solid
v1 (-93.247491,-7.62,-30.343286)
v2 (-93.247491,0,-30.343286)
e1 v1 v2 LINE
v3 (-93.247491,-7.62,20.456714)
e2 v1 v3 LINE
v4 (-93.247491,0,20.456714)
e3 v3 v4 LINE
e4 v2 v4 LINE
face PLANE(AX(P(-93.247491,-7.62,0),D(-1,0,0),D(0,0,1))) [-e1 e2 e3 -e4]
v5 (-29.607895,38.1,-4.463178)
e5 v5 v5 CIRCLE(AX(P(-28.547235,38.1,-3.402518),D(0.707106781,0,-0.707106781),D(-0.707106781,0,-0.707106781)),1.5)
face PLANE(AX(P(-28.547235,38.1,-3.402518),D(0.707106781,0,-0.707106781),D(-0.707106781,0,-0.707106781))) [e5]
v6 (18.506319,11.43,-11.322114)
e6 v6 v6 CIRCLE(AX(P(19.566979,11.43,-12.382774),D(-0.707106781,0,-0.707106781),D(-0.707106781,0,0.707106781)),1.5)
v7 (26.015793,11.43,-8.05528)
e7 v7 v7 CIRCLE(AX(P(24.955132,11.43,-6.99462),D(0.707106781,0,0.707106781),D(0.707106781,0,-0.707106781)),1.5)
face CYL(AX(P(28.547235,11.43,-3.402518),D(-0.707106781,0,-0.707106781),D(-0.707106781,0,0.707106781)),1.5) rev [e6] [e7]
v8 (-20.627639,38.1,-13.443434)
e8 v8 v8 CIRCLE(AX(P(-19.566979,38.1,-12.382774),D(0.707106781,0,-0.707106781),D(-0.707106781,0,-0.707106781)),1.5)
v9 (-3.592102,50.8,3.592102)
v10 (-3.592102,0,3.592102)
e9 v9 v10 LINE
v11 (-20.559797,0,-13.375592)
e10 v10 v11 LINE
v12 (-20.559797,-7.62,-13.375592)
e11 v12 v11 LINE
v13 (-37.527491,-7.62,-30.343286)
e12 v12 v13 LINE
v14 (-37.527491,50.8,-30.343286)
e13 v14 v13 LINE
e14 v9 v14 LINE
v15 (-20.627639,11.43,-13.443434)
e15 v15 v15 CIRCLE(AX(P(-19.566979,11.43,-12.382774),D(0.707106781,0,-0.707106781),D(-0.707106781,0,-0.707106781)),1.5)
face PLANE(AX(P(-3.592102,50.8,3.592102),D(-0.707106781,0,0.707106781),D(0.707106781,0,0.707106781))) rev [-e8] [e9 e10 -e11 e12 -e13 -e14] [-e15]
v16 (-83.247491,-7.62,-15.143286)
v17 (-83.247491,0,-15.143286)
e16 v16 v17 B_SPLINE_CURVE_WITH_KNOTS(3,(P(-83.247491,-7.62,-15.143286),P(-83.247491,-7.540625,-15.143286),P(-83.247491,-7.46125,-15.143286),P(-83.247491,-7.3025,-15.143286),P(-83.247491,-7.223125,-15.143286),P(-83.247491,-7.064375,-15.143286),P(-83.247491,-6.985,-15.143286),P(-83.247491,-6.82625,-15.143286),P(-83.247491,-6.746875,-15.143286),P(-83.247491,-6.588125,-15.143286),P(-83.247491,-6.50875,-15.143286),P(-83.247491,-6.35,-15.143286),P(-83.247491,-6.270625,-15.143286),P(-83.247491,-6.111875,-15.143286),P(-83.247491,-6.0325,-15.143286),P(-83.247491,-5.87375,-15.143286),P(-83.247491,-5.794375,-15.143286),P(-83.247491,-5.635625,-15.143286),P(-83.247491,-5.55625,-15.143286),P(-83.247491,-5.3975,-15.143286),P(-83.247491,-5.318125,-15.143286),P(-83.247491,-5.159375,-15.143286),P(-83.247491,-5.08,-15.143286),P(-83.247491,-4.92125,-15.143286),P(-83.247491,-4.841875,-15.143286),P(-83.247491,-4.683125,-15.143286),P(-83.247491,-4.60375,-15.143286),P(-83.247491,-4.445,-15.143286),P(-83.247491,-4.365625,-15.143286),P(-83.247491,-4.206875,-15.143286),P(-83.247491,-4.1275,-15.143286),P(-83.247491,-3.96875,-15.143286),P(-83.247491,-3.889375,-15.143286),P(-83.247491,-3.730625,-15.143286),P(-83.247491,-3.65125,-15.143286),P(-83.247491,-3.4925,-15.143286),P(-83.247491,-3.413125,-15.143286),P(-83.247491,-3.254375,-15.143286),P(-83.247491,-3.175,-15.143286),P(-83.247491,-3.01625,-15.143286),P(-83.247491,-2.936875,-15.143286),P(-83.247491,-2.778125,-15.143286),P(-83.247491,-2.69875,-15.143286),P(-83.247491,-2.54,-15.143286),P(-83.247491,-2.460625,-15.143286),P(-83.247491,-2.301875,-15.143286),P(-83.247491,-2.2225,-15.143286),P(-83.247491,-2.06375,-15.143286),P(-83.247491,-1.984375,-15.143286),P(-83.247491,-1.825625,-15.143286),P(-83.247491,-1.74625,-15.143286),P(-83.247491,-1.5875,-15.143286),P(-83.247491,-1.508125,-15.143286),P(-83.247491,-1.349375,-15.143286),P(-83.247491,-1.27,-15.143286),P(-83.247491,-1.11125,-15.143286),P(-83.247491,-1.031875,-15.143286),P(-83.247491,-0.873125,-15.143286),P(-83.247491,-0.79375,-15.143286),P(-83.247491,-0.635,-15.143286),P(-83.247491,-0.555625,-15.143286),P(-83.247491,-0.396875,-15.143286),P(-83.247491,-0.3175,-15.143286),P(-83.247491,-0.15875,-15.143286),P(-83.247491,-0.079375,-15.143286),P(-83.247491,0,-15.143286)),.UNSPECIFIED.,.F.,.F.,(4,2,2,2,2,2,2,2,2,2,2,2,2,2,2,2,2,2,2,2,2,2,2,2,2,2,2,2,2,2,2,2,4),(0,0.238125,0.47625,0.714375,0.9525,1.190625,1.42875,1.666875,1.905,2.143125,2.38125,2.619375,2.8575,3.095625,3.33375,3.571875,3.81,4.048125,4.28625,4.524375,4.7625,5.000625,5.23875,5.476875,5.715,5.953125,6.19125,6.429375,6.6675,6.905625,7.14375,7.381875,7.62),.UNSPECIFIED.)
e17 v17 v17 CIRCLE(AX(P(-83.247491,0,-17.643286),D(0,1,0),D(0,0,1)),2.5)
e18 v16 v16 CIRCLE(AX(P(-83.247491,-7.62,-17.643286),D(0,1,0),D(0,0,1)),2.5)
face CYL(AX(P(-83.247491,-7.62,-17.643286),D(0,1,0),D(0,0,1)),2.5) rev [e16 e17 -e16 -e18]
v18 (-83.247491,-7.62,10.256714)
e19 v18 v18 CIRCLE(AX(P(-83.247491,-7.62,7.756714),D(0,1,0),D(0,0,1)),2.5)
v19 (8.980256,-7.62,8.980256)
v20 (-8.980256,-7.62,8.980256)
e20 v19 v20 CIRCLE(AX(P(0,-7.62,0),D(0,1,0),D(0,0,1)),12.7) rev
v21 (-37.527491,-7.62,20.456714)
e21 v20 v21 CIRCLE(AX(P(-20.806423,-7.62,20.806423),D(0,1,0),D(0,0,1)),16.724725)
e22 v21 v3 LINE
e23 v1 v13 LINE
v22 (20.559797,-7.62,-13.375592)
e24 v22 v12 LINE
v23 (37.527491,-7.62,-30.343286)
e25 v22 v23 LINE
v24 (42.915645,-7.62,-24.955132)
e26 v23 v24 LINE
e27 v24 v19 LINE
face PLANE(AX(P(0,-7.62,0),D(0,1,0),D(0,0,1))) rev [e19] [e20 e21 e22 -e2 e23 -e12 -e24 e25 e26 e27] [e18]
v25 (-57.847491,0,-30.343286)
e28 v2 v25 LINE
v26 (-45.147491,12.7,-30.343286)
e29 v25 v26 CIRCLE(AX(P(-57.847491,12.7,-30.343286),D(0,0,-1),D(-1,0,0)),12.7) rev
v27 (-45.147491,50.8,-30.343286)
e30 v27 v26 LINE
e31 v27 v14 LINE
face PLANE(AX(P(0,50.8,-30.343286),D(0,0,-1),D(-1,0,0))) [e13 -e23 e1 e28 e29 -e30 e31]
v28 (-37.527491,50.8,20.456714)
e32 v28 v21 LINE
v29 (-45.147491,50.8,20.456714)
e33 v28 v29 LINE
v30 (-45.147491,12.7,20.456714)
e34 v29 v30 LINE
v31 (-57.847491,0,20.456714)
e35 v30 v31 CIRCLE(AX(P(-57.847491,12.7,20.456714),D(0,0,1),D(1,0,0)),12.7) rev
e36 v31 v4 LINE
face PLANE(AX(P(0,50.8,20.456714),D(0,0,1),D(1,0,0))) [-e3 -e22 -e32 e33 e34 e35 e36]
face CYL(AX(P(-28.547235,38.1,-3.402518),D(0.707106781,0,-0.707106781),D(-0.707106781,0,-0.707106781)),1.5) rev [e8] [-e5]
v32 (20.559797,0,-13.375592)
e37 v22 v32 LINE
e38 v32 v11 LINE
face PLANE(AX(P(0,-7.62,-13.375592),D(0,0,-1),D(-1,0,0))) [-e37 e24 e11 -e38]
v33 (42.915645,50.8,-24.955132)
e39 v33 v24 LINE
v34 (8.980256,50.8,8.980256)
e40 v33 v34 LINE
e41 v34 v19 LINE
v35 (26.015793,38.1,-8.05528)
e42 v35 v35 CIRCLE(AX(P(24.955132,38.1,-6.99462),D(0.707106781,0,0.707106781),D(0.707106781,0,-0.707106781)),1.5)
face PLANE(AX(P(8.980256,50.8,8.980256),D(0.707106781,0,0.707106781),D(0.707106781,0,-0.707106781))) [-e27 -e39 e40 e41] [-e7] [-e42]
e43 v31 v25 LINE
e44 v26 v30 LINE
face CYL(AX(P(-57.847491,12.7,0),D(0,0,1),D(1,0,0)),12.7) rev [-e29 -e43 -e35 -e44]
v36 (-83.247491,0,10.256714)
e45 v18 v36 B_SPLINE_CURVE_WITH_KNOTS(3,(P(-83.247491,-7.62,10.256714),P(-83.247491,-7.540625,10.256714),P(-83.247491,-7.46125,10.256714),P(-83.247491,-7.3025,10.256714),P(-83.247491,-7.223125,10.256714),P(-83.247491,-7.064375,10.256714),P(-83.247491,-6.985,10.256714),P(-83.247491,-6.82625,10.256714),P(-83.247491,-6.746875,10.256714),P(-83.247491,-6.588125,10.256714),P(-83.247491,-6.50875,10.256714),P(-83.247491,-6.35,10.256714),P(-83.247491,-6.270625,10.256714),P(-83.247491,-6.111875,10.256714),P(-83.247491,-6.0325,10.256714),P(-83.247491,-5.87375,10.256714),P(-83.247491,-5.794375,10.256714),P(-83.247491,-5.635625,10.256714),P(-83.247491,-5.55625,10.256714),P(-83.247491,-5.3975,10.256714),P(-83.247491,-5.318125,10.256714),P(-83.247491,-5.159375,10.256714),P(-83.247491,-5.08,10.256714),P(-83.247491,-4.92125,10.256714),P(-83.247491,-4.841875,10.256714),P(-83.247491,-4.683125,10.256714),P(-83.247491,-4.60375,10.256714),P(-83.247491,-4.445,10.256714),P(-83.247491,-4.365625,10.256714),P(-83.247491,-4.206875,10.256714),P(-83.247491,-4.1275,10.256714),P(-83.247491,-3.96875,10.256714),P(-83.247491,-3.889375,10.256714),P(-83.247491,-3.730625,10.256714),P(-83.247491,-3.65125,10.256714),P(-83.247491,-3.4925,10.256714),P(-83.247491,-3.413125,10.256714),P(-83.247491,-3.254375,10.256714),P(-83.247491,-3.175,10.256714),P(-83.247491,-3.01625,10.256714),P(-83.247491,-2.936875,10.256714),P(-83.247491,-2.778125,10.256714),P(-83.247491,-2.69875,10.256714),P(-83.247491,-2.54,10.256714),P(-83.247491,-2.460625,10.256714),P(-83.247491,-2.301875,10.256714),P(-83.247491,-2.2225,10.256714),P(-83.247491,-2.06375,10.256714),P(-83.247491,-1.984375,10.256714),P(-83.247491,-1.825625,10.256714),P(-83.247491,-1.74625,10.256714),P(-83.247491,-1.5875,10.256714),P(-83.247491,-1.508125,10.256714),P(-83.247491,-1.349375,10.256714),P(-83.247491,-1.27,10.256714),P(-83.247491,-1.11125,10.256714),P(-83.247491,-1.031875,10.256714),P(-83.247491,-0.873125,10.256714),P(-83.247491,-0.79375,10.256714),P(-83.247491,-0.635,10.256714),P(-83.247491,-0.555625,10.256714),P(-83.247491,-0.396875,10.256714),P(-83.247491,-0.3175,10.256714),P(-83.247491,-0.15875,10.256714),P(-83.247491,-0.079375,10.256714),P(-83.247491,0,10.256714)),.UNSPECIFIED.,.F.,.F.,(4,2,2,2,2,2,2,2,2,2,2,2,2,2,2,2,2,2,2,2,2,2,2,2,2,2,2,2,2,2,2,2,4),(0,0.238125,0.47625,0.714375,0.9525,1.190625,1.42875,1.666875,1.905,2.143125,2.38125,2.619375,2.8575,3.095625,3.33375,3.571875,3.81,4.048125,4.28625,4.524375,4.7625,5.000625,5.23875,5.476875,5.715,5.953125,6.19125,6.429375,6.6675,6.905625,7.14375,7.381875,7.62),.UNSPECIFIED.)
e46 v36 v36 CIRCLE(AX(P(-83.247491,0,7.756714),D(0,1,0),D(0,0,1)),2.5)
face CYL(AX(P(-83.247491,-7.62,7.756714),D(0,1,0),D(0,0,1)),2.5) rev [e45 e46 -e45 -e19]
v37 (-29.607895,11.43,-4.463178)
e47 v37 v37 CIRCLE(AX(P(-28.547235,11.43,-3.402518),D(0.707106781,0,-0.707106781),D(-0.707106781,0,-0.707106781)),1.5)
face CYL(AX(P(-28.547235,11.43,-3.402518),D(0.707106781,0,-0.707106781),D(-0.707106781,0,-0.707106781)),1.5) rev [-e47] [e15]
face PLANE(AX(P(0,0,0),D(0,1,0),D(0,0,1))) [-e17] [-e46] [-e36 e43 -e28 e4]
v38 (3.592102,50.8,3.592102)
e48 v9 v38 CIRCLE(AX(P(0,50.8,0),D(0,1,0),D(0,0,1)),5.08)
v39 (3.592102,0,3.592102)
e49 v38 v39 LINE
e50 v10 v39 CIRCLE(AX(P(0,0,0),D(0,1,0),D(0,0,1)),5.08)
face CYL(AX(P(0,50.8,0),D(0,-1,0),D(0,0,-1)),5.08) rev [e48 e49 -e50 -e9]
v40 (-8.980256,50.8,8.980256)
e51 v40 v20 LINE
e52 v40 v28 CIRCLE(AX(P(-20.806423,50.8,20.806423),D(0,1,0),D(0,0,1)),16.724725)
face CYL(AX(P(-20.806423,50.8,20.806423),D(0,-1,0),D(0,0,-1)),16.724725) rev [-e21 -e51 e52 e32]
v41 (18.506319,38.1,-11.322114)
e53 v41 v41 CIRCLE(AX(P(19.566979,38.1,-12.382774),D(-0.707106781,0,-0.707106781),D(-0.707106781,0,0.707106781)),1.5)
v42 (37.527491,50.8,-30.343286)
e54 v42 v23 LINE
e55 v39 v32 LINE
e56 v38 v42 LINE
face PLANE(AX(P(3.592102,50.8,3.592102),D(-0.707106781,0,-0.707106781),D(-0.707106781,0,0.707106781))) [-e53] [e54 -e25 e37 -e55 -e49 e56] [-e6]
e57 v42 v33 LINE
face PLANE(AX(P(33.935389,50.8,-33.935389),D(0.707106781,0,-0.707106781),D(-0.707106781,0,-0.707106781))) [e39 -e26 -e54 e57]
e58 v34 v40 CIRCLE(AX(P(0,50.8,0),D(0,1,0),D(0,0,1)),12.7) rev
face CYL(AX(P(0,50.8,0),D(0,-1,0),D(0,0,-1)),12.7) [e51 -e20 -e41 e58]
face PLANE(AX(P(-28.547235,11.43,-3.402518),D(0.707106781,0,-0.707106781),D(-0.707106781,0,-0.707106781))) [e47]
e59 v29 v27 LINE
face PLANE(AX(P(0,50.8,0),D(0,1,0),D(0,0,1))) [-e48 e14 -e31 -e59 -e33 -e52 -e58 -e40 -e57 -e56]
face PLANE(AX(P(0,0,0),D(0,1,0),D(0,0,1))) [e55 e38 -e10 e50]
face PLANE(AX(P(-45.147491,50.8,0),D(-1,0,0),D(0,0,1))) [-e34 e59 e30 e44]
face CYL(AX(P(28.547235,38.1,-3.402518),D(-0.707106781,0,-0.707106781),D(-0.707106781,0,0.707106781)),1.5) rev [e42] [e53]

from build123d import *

# Parameters (mm, degrees)
BOSS_EXTRUDE1_DEPTH = 50.8
BOSS_EXTRUDE2_START = -7.62
SKETCH1_3_R         = 2.5
BOSS_EXTRUDE2_DEPTH = 7.62
SKETCH2_R           = 1.5
CUT_EXTRUDE1_DEPTH  = 12.7
SKETCH3_R           = 1.5
CUT_EXTRUDE2_DEPTH  = 12.7
FILLET1_R           = 12.7


with BuildPart() as part:
    # Sketch1 → Boss-Extrude1 (new body)
    with BuildSketch(Plane(origin=(0, 0, 0), x_dir=(1, 0, 0), z_dir=(0, 1, 0))):
        with BuildLine():
            Line((20.559796753, 13.375591856), (3.592102448, -3.592102448))
            ThreePointArc((3.592102448, -3.592102448), (0, -5.08), (-3.592102448, -3.592102448))
            Line((-3.592102448, -3.592102448), (-20.559796753, 13.375591856))
            Line((-20.559796753, 13.375591856), (-37.527491057, 30.34328616))
            Line((-37.527491057, 30.34328616), (-45.147491057, 30.34328616))
            Line((-45.147491057, 30.34328616), (-45.147491057, -20.45671384))
            Line((-45.147491057, -20.45671384), (-37.527491057, -20.45671384))
            ThreePointArc((-37.527491057, -20.45671384), (-27.044794722, -5.28871851), (-8.980256121, -8.980256121))
            ThreePointArc((-8.980256121, -8.980256121), (0, -12.7), (8.980256121, -8.980256121))
            Line((8.980256121, -8.980256121), (42.915644729, 24.955132487))
            Line((42.915644729, 24.955132487), (37.527491057, 30.34328616))
            Line((37.527491057, 30.34328616), (20.559796753, 13.375591856))
        make_face()
    extrude(amount=BOSS_EXTRUDE1_DEPTH)

    # Sketch1<3> → Boss-Extrude2 (add)
    with BuildSketch(Plane(origin=(0, 0, 0), x_dir=(1, 0, 0), z_dir=(0, 1, 0)).offset(BOSS_EXTRUDE2_START)):
        with BuildLine():
            Line((20.559796753, 13.375591856), (-20.559796753, 13.375591856))
            Line((-20.559796753, 13.375591856), (-37.527491057, 30.34328616))
            Line((-37.527491057, 30.34328616), (-93.247491057, 30.34328616))
            Line((-93.247491057, 30.34328616), (-93.247491057, -20.45671384))
            Line((-93.247491057, -20.45671384), (-37.527491057, -20.45671384))
            ThreePointArc((-37.527491057, -20.45671384), (-27.044794722, -5.28871851), (-8.980256121, -8.980256121))
            ThreePointArc((-8.980256121, -8.980256121), (0, -12.7), (8.980256121, -8.980256121))
            Line((8.980256121, -8.980256121), (42.915644729, 24.955132487))
            Line((42.915644729, 24.955132487), (37.527491057, 30.34328616))
            Line((37.527491057, 30.34328616), (20.559796753, 13.375591856))
        make_face()
        with Locations((-83.247491057, 17.64328616)):
            Circle(SKETCH1_3_R, mode=Mode.SUBTRACT)
        with Locations((-83.247491057, -7.75671384)):
            Circle(SKETCH1_3_R, mode=Mode.SUBTRACT)
    extrude(amount=BOSS_EXTRUDE2_DEPTH)

    # Sketch2 → Cut-Extrude1 (cut)
    with BuildSketch(Plane(origin=(-3.592102448, 0, 3.592102448), x_dir=(-0.7071067811865488, 0, -0.7071067811865464), z_dir=(0.7071067811865464, 0, -0.7071067811865488))):
        with Locations((22.591886814, 38.1)):
            Circle(SKETCH2_R)
        with Locations((22.591886814, 11.43)):
            Circle(SKETCH2_R)
    extrude(amount=-CUT_EXTRUDE1_DEPTH, mode=Mode.SUBTRACT)

    # Sketch3 → Cut-Extrude2 (cut)
    with BuildSketch(Plane(origin=(3.592102448, 0, 3.592102448), x_dir=(-0.7071067811865488, 0, 0.7071067811865464), z_dir=(-0.7071067811865464, 0, -0.7071067811865488))):
        with Locations((-22.591886814, 38.1)):
            Circle(SKETCH3_R)
        with Locations((-22.591886814, 11.43)):
            Circle(SKETCH3_R)
    extrude(amount=-CUT_EXTRUDE2_DEPTH, mode=Mode.SUBTRACT)

    # Fillet1
    fillet1_edges = [part.edges().sort_by_distance(p)[0] for p in [
        (-45.147491057, 0, -4.94328616),
    ]]
    fillet(fillet1_edges, radius=FILLET1_R)


solid = part.part
